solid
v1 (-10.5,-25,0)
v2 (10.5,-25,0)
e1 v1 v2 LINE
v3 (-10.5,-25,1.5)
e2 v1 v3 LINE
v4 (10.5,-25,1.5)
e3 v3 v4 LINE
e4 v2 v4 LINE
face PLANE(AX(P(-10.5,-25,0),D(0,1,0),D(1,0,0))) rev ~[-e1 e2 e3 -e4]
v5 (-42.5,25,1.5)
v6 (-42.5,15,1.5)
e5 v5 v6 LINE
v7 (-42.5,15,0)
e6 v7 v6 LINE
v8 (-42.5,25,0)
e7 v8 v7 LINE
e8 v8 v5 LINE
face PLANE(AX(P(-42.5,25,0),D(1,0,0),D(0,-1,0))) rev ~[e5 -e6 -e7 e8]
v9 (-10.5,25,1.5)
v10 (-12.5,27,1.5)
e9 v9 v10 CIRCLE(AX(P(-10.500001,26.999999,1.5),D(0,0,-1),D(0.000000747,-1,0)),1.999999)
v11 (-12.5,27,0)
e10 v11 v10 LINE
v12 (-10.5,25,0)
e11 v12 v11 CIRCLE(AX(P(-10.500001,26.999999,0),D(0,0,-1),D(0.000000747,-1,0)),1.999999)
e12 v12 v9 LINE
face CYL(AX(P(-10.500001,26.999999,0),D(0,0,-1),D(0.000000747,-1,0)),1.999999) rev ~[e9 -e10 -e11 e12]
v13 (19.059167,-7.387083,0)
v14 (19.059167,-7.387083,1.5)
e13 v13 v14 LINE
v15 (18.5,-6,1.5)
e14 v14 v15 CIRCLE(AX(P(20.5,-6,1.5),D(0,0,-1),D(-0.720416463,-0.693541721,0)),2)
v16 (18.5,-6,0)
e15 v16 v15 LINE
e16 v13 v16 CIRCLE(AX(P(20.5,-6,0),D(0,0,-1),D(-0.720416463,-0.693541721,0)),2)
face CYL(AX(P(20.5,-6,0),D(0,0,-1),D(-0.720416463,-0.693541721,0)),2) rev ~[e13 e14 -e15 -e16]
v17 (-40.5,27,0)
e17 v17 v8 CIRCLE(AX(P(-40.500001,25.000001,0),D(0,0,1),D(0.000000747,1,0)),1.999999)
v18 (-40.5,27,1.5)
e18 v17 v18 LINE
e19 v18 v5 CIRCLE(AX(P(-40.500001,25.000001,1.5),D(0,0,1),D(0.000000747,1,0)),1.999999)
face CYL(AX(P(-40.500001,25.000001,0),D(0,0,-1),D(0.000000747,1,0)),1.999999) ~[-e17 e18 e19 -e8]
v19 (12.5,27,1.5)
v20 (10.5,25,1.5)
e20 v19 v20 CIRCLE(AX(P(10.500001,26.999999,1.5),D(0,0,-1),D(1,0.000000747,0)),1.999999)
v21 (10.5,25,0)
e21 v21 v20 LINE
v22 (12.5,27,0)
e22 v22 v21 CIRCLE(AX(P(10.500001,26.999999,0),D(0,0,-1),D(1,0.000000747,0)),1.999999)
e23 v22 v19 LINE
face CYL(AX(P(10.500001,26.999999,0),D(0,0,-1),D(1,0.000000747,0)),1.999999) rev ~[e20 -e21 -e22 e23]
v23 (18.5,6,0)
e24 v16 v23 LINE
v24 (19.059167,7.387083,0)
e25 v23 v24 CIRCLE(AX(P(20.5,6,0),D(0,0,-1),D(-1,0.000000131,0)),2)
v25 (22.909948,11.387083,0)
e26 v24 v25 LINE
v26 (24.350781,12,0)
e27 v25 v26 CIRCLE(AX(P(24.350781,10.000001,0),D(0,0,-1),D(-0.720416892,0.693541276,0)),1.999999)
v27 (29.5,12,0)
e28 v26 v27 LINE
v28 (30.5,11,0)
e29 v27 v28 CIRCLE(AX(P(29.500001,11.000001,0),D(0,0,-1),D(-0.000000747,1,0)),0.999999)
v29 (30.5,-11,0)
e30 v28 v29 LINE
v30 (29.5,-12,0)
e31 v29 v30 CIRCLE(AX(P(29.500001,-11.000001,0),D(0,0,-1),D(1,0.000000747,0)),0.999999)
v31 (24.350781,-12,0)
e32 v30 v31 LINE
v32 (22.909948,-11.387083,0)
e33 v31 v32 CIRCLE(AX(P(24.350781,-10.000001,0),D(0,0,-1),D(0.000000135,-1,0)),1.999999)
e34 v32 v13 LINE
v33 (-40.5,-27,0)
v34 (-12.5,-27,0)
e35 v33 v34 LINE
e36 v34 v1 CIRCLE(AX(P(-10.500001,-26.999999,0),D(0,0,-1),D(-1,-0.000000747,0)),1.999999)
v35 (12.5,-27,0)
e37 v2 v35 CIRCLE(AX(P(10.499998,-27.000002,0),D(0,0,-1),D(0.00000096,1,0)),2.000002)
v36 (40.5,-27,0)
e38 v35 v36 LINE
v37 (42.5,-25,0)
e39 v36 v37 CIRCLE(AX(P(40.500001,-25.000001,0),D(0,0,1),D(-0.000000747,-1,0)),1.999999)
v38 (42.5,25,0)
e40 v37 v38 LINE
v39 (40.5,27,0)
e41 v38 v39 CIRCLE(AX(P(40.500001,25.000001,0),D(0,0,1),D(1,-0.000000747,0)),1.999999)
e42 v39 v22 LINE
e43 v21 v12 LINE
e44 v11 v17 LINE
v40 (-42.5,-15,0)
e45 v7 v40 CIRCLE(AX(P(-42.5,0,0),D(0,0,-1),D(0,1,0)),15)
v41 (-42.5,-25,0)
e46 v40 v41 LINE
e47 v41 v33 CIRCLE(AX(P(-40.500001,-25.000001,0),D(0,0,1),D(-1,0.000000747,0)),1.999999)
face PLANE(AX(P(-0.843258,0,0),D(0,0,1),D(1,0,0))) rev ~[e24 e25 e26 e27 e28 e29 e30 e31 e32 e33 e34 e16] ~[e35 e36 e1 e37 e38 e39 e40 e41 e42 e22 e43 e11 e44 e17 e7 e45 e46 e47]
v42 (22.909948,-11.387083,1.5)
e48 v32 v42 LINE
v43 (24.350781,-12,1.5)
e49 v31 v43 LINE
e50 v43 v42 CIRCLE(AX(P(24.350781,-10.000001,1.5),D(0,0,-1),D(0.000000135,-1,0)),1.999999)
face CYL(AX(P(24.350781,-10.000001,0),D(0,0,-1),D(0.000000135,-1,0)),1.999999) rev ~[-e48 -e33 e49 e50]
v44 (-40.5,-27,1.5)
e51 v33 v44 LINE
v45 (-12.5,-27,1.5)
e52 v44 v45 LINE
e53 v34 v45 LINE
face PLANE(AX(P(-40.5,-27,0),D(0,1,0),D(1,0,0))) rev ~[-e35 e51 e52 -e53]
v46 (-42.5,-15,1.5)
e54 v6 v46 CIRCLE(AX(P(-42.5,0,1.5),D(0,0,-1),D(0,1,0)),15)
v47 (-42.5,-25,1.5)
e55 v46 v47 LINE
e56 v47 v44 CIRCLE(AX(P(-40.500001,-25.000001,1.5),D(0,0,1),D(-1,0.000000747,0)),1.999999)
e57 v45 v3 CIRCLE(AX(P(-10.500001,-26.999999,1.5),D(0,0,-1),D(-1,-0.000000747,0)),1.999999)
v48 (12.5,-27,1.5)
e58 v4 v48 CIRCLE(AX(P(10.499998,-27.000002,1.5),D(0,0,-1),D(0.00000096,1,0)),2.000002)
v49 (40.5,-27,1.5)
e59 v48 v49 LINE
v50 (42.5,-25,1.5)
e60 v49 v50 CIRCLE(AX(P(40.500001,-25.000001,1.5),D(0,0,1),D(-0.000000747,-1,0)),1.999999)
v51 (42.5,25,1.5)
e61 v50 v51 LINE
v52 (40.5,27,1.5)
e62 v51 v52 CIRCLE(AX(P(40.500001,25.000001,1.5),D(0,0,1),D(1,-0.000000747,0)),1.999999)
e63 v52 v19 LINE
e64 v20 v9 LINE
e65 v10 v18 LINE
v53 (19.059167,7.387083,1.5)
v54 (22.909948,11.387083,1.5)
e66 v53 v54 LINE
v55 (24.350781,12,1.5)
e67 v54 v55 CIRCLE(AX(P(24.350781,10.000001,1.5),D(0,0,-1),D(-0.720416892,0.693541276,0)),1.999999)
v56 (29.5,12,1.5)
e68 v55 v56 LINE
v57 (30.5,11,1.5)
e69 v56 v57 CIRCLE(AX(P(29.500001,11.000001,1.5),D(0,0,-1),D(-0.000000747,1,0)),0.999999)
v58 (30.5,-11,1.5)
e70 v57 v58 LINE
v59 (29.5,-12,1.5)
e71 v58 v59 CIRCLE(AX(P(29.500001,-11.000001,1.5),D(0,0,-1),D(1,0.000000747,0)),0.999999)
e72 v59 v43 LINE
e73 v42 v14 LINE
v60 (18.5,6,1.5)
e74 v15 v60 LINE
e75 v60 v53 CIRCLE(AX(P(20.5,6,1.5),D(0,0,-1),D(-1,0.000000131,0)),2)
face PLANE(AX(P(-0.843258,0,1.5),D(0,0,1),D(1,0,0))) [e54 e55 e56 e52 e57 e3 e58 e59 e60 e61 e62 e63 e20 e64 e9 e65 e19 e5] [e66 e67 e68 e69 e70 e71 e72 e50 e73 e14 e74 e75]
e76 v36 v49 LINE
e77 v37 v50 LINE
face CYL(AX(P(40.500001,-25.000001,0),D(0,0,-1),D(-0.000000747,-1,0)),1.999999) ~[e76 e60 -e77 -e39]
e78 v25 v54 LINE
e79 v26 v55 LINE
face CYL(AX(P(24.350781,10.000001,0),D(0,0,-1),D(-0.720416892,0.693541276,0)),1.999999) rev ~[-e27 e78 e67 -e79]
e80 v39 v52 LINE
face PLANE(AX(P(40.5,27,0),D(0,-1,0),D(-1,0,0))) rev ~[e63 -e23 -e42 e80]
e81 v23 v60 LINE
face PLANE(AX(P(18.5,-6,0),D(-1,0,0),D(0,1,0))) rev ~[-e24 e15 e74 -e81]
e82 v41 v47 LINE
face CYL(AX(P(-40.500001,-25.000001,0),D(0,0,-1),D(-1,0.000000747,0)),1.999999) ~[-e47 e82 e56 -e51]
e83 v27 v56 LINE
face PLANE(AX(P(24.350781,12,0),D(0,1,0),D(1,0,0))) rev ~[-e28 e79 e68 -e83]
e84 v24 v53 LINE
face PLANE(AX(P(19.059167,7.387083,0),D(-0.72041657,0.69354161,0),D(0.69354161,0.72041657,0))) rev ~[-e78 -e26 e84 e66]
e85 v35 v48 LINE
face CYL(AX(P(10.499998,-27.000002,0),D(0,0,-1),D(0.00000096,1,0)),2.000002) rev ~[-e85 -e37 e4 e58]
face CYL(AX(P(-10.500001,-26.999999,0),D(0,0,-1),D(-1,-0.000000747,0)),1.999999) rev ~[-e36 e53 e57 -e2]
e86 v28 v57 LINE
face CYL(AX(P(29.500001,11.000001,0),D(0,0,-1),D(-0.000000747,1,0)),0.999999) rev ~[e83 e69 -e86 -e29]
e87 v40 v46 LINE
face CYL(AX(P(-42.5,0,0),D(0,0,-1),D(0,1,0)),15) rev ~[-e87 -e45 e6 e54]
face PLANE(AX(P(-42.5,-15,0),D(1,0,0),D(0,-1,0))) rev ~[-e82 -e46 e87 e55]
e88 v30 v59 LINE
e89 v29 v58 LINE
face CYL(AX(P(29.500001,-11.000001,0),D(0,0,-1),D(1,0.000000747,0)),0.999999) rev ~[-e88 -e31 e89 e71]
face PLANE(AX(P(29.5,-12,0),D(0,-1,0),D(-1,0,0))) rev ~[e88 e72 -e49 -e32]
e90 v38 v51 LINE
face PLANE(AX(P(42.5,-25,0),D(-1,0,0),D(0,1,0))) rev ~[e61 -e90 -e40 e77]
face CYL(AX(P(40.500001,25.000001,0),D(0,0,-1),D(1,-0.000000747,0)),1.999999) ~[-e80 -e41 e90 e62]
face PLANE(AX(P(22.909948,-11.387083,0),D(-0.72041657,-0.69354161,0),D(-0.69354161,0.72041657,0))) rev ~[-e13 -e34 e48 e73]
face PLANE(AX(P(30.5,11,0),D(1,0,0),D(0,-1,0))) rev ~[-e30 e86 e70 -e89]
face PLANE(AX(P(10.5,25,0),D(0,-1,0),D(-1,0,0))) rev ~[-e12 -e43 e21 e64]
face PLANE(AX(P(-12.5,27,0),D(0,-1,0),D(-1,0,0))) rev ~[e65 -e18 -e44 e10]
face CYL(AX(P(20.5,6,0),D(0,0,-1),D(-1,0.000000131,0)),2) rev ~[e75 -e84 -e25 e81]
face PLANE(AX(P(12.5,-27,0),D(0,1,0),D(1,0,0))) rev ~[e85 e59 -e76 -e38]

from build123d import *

# Parameters (mm, degrees)
F1_DEPTH = 1.5


with BuildPart() as f1:
    # F0 (on Top) → F1 (new body)
    with BuildSketch(Plane.XY):
        with BuildLine():
            Line((12.5, -27), (40.5, -27))
            ThreePointArc((40.5, -27), (41.914214, -26.414214), (42.5, -25))
            Line((42.5, -25), (42.5, 25))
            ThreePointArc((42.5, 25), (41.914214, 26.414214), (40.5, 27))
            Line((40.5, 27), (12.5, 27))
            ThreePointArc((12.5, 27), (11.914214, 25.585786), (10.5, 25))
            Line((10.5, 25), (-10.5, 25))
            ThreePointArc((-10.5, 25), (-11.914214, 25.585786), (-12.5, 27))
            Line((-12.5, 27), (-40.5, 27))
            ThreePointArc((-40.5, 27), (-41.914214, 26.414214), (-42.5, 25))
            Line((-42.5, 25), (-42.5, 15))
            ThreePointArc((-42.5, 15), (-27.5, 0), (-42.5, -15))
            Line((-42.5, -15), (-42.5, -25))
            ThreePointArc((-42.5, -25), (-41.914214, -26.414214), (-40.5, -27))
            Line((-40.5, -27), (-12.5, -27))
            ThreePointArc((-12.5, -27), (-11.914214, -25.585786), (-10.5, -25))
            Line((-10.5, -25), (10.5, -25))
            ThreePointArc((10.5, -25), (11.914213, -25.585787), (12.5, -27))
        make_face()
        with BuildLine():
            Line((30.5, 11), (30.5, 0))
            Line((30.5, 0), (30.5, -11))
            ThreePointArc((30.5, -11), (30.207107, -11.707107), (29.5, -12))
            Line((29.5, -12), (24.350781, -12))
            ThreePointArc((24.350781, -12), (23.567891, -11.840403), (22.909948, -11.387083))
            Line((22.909948, -11.387083), (19.059167, -7.387083))
            ThreePointArc((19.059167, -7.387083), (18.645052, -6.747775), (18.5, -6))
            Line((18.5, -6), (18.5, 0))
            Line((18.5, 0), (18.5, 6))
            ThreePointArc((18.5, 6), (18.645052, 6.747775), (19.059167, 7.387083))
            Line((19.059167, 7.387083), (22.909948, 11.387083))
            ThreePointArc((22.909948, 11.387083), (23.567891, 11.840403), (24.350781, 12))
            Line((24.350781, 12), (29.5, 12))
            ThreePointArc((29.5, 12), (30.207107, 11.707107), (30.5, 11))
        make_face(mode=Mode.SUBTRACT)
    extrude(amount=F1_DEPTH)


solid = f1.part
